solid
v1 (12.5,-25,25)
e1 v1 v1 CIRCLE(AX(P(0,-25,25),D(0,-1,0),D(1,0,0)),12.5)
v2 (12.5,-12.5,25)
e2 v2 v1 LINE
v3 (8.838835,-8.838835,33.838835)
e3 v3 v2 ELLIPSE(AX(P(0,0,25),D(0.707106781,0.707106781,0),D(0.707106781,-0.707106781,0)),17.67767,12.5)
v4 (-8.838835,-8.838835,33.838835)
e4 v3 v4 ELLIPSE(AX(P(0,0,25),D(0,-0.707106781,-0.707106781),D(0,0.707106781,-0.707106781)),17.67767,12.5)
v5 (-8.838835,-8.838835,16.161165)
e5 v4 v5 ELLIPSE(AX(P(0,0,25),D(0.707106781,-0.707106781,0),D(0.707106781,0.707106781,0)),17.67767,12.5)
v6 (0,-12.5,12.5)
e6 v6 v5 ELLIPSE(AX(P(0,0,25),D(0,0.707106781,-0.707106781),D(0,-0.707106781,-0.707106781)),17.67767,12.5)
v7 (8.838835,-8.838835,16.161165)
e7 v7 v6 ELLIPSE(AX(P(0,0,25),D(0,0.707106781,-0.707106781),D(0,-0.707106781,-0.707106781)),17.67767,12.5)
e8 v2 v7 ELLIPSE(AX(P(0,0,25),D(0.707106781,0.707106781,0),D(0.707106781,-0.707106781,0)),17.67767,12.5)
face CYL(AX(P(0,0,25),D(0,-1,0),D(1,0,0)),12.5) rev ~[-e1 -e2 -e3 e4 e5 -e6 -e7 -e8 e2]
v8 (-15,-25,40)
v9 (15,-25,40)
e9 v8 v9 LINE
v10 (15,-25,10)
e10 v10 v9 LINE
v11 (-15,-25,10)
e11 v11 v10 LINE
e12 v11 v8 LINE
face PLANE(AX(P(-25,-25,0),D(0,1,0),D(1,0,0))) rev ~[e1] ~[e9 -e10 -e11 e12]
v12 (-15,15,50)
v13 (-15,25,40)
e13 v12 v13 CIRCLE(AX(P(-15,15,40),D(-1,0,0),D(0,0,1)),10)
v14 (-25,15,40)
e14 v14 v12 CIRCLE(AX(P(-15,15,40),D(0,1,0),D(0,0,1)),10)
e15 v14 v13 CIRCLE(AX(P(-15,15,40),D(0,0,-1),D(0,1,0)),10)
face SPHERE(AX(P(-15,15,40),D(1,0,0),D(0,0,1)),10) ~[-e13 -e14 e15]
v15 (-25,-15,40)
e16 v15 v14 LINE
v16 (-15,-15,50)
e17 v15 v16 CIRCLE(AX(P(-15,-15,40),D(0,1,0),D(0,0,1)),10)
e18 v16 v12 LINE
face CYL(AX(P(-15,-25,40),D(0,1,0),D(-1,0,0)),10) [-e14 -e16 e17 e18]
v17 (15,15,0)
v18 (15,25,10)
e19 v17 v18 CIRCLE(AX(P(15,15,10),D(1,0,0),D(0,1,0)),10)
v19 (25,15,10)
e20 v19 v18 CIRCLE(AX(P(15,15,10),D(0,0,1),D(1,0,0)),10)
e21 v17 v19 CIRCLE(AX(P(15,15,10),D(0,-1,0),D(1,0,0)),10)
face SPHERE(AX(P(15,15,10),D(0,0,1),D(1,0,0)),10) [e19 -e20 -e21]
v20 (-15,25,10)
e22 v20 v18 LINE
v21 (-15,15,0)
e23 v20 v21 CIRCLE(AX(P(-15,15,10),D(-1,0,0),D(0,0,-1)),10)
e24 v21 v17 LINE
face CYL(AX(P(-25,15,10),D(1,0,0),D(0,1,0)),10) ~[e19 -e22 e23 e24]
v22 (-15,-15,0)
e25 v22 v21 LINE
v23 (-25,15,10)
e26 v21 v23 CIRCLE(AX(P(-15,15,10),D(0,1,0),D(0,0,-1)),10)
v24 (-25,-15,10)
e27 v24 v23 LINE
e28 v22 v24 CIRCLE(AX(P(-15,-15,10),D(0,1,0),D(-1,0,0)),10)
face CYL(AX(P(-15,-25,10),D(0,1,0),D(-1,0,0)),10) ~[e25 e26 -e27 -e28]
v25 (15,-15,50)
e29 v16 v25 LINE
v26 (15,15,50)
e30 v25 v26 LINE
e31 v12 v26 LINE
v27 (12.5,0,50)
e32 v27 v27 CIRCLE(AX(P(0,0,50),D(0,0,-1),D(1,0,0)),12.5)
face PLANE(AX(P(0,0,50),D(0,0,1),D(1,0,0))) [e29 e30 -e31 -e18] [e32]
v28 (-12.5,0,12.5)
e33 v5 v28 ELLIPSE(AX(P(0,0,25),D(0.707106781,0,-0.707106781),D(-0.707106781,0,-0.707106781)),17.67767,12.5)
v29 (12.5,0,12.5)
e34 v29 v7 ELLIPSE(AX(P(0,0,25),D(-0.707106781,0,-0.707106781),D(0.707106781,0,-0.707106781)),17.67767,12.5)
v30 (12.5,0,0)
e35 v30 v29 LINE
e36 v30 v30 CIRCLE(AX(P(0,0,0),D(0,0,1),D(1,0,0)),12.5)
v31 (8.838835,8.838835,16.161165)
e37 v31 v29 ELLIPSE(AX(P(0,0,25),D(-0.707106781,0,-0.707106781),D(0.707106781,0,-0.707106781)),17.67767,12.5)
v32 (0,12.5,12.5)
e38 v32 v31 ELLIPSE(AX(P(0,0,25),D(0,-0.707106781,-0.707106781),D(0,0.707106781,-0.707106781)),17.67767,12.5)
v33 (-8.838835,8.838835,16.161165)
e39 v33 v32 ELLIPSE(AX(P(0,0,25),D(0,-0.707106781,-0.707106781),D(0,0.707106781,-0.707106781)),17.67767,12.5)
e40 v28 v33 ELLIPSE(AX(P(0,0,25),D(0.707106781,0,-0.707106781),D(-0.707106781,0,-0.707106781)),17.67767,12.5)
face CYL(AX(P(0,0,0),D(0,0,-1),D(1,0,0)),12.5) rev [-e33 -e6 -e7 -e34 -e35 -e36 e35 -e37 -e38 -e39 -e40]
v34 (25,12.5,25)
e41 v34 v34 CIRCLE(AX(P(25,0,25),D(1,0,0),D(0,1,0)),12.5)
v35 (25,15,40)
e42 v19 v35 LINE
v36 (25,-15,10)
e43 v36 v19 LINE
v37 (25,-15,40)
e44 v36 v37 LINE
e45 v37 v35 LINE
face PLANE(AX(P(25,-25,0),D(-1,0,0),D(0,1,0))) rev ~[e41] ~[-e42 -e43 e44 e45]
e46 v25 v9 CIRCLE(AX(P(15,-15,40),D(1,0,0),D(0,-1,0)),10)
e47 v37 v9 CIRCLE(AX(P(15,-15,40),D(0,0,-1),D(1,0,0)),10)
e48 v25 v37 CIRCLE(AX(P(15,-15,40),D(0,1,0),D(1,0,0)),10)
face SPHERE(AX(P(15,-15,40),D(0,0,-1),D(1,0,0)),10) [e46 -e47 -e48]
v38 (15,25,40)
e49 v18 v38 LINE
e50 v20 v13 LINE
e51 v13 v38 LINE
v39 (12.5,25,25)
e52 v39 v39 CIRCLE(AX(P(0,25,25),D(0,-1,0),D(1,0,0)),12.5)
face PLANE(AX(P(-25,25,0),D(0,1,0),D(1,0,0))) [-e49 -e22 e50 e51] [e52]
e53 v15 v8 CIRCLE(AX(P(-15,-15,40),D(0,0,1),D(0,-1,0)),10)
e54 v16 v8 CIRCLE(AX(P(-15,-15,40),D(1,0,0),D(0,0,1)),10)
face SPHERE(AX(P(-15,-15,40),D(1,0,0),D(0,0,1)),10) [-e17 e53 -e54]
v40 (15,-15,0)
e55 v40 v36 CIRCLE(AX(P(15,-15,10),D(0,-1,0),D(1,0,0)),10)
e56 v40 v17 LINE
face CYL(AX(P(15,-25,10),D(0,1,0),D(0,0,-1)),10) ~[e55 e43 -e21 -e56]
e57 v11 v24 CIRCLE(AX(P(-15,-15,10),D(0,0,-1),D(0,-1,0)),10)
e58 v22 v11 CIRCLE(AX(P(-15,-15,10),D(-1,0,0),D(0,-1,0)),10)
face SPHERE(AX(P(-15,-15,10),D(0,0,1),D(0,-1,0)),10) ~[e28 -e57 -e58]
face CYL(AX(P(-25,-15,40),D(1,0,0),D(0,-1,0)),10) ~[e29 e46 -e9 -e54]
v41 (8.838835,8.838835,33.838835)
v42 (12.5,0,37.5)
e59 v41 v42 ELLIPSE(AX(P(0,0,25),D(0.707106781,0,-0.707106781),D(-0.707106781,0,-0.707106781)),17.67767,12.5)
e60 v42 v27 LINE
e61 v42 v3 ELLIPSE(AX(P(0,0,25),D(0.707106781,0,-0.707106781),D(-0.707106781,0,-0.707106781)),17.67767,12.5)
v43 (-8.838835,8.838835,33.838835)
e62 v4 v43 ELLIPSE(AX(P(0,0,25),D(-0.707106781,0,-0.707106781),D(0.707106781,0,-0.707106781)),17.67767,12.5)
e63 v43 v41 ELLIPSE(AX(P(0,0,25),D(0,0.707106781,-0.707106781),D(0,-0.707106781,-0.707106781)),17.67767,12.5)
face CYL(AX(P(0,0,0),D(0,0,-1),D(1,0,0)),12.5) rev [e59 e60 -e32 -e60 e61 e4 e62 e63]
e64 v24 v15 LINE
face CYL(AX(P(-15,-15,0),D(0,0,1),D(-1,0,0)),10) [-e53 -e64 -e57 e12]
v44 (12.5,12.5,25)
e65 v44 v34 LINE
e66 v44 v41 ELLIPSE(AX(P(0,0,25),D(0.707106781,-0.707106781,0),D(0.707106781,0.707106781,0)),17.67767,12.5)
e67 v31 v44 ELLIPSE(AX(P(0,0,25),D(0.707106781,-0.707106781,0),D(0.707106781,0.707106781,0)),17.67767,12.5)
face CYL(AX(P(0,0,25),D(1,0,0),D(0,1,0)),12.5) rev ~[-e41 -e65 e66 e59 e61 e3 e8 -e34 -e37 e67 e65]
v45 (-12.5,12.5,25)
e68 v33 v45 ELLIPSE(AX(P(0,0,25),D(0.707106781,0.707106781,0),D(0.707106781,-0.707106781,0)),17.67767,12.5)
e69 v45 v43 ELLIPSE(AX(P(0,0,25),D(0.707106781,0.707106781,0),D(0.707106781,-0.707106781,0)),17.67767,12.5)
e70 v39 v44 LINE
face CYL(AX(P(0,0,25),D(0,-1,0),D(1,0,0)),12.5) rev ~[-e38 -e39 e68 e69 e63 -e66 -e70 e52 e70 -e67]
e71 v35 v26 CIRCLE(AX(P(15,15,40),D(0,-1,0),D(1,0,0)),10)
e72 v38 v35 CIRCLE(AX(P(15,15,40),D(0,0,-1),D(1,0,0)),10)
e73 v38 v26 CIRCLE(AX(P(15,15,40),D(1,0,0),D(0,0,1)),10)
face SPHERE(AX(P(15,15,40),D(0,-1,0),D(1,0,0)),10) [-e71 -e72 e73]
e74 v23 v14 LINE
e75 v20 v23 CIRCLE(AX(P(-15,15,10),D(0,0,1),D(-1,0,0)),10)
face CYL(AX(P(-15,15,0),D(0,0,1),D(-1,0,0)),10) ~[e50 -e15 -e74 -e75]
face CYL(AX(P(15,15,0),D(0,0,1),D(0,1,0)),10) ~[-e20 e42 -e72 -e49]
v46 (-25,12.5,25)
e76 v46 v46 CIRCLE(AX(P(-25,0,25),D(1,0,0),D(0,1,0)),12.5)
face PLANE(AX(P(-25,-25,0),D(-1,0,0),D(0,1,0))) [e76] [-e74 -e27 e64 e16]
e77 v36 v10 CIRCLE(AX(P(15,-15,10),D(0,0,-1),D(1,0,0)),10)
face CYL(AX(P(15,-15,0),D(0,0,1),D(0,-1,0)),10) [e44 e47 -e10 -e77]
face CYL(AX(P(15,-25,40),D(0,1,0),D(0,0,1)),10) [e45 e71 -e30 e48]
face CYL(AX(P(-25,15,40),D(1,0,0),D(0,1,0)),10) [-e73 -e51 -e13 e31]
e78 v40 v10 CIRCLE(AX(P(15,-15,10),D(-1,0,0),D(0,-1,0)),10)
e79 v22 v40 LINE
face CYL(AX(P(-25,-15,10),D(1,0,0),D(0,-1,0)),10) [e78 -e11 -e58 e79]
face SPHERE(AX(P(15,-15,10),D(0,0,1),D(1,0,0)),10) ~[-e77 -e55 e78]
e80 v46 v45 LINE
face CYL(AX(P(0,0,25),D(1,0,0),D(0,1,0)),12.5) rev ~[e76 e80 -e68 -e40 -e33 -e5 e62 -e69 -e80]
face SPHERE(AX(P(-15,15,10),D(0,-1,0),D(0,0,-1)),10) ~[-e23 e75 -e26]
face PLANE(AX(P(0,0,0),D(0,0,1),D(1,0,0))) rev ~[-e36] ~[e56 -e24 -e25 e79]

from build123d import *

# Parameters (mm, degrees)
F0_W     = 50
F0_H     = 50
F1_DEPTH = 50
F2_R     = 12.5
F3_DEPTH = 213.370338
F4_R     = 10
F5_R     = 12.5
F6_DEPTH = 50
F7_R     = 12.5
F8_DEPTH = 50


with BuildPart() as f1:
    # F0 (on Top) → F1 (new body)
    with BuildSketch(Plane.XY):
        Rectangle(F0_W, F0_H)
    extrude(amount=F1_DEPTH)

    # F2 (on Top) → F3 (cut)
    with BuildSketch(Plane.XY):
        Circle(F2_R)
    extrude(amount=F3_DEPTH, mode=Mode.SUBTRACT)

    # F4
    f4_edges = [f1.edges().sort_by_distance(p)[0] for p in [
        (25, -25, 25),
        (25, 0, 50),
        (25, 25, 25),
        (25, 0, 0),
        (0, 25, 50),
        (0, -25, 50),
        (-25, 0, 50),
        (-25, -25, 25),
        (0, -25, 0),
        (-25, 0, 0),
        (0, 25, 0),
        (-25, 25, 25),
    ]]
    fillet(f4_edges, radius=F4_R)

    # F5 (on Right) → F6 (cut, symmetric)
    with BuildSketch(Plane.YZ):
        with Locations((0, 25)):
            Circle(F5_R)
    extrude(amount=F6_DEPTH, both=True, mode=Mode.SUBTRACT)

    # F7 (on Front) → F8 (cut, symmetric)
    with BuildSketch(Plane.XZ):
        with Locations((0, 25)):
            Circle(F7_R)
    extrude(amount=F8_DEPTH, both=True, mode=Mode.SUBTRACT)


solid = f1.part
